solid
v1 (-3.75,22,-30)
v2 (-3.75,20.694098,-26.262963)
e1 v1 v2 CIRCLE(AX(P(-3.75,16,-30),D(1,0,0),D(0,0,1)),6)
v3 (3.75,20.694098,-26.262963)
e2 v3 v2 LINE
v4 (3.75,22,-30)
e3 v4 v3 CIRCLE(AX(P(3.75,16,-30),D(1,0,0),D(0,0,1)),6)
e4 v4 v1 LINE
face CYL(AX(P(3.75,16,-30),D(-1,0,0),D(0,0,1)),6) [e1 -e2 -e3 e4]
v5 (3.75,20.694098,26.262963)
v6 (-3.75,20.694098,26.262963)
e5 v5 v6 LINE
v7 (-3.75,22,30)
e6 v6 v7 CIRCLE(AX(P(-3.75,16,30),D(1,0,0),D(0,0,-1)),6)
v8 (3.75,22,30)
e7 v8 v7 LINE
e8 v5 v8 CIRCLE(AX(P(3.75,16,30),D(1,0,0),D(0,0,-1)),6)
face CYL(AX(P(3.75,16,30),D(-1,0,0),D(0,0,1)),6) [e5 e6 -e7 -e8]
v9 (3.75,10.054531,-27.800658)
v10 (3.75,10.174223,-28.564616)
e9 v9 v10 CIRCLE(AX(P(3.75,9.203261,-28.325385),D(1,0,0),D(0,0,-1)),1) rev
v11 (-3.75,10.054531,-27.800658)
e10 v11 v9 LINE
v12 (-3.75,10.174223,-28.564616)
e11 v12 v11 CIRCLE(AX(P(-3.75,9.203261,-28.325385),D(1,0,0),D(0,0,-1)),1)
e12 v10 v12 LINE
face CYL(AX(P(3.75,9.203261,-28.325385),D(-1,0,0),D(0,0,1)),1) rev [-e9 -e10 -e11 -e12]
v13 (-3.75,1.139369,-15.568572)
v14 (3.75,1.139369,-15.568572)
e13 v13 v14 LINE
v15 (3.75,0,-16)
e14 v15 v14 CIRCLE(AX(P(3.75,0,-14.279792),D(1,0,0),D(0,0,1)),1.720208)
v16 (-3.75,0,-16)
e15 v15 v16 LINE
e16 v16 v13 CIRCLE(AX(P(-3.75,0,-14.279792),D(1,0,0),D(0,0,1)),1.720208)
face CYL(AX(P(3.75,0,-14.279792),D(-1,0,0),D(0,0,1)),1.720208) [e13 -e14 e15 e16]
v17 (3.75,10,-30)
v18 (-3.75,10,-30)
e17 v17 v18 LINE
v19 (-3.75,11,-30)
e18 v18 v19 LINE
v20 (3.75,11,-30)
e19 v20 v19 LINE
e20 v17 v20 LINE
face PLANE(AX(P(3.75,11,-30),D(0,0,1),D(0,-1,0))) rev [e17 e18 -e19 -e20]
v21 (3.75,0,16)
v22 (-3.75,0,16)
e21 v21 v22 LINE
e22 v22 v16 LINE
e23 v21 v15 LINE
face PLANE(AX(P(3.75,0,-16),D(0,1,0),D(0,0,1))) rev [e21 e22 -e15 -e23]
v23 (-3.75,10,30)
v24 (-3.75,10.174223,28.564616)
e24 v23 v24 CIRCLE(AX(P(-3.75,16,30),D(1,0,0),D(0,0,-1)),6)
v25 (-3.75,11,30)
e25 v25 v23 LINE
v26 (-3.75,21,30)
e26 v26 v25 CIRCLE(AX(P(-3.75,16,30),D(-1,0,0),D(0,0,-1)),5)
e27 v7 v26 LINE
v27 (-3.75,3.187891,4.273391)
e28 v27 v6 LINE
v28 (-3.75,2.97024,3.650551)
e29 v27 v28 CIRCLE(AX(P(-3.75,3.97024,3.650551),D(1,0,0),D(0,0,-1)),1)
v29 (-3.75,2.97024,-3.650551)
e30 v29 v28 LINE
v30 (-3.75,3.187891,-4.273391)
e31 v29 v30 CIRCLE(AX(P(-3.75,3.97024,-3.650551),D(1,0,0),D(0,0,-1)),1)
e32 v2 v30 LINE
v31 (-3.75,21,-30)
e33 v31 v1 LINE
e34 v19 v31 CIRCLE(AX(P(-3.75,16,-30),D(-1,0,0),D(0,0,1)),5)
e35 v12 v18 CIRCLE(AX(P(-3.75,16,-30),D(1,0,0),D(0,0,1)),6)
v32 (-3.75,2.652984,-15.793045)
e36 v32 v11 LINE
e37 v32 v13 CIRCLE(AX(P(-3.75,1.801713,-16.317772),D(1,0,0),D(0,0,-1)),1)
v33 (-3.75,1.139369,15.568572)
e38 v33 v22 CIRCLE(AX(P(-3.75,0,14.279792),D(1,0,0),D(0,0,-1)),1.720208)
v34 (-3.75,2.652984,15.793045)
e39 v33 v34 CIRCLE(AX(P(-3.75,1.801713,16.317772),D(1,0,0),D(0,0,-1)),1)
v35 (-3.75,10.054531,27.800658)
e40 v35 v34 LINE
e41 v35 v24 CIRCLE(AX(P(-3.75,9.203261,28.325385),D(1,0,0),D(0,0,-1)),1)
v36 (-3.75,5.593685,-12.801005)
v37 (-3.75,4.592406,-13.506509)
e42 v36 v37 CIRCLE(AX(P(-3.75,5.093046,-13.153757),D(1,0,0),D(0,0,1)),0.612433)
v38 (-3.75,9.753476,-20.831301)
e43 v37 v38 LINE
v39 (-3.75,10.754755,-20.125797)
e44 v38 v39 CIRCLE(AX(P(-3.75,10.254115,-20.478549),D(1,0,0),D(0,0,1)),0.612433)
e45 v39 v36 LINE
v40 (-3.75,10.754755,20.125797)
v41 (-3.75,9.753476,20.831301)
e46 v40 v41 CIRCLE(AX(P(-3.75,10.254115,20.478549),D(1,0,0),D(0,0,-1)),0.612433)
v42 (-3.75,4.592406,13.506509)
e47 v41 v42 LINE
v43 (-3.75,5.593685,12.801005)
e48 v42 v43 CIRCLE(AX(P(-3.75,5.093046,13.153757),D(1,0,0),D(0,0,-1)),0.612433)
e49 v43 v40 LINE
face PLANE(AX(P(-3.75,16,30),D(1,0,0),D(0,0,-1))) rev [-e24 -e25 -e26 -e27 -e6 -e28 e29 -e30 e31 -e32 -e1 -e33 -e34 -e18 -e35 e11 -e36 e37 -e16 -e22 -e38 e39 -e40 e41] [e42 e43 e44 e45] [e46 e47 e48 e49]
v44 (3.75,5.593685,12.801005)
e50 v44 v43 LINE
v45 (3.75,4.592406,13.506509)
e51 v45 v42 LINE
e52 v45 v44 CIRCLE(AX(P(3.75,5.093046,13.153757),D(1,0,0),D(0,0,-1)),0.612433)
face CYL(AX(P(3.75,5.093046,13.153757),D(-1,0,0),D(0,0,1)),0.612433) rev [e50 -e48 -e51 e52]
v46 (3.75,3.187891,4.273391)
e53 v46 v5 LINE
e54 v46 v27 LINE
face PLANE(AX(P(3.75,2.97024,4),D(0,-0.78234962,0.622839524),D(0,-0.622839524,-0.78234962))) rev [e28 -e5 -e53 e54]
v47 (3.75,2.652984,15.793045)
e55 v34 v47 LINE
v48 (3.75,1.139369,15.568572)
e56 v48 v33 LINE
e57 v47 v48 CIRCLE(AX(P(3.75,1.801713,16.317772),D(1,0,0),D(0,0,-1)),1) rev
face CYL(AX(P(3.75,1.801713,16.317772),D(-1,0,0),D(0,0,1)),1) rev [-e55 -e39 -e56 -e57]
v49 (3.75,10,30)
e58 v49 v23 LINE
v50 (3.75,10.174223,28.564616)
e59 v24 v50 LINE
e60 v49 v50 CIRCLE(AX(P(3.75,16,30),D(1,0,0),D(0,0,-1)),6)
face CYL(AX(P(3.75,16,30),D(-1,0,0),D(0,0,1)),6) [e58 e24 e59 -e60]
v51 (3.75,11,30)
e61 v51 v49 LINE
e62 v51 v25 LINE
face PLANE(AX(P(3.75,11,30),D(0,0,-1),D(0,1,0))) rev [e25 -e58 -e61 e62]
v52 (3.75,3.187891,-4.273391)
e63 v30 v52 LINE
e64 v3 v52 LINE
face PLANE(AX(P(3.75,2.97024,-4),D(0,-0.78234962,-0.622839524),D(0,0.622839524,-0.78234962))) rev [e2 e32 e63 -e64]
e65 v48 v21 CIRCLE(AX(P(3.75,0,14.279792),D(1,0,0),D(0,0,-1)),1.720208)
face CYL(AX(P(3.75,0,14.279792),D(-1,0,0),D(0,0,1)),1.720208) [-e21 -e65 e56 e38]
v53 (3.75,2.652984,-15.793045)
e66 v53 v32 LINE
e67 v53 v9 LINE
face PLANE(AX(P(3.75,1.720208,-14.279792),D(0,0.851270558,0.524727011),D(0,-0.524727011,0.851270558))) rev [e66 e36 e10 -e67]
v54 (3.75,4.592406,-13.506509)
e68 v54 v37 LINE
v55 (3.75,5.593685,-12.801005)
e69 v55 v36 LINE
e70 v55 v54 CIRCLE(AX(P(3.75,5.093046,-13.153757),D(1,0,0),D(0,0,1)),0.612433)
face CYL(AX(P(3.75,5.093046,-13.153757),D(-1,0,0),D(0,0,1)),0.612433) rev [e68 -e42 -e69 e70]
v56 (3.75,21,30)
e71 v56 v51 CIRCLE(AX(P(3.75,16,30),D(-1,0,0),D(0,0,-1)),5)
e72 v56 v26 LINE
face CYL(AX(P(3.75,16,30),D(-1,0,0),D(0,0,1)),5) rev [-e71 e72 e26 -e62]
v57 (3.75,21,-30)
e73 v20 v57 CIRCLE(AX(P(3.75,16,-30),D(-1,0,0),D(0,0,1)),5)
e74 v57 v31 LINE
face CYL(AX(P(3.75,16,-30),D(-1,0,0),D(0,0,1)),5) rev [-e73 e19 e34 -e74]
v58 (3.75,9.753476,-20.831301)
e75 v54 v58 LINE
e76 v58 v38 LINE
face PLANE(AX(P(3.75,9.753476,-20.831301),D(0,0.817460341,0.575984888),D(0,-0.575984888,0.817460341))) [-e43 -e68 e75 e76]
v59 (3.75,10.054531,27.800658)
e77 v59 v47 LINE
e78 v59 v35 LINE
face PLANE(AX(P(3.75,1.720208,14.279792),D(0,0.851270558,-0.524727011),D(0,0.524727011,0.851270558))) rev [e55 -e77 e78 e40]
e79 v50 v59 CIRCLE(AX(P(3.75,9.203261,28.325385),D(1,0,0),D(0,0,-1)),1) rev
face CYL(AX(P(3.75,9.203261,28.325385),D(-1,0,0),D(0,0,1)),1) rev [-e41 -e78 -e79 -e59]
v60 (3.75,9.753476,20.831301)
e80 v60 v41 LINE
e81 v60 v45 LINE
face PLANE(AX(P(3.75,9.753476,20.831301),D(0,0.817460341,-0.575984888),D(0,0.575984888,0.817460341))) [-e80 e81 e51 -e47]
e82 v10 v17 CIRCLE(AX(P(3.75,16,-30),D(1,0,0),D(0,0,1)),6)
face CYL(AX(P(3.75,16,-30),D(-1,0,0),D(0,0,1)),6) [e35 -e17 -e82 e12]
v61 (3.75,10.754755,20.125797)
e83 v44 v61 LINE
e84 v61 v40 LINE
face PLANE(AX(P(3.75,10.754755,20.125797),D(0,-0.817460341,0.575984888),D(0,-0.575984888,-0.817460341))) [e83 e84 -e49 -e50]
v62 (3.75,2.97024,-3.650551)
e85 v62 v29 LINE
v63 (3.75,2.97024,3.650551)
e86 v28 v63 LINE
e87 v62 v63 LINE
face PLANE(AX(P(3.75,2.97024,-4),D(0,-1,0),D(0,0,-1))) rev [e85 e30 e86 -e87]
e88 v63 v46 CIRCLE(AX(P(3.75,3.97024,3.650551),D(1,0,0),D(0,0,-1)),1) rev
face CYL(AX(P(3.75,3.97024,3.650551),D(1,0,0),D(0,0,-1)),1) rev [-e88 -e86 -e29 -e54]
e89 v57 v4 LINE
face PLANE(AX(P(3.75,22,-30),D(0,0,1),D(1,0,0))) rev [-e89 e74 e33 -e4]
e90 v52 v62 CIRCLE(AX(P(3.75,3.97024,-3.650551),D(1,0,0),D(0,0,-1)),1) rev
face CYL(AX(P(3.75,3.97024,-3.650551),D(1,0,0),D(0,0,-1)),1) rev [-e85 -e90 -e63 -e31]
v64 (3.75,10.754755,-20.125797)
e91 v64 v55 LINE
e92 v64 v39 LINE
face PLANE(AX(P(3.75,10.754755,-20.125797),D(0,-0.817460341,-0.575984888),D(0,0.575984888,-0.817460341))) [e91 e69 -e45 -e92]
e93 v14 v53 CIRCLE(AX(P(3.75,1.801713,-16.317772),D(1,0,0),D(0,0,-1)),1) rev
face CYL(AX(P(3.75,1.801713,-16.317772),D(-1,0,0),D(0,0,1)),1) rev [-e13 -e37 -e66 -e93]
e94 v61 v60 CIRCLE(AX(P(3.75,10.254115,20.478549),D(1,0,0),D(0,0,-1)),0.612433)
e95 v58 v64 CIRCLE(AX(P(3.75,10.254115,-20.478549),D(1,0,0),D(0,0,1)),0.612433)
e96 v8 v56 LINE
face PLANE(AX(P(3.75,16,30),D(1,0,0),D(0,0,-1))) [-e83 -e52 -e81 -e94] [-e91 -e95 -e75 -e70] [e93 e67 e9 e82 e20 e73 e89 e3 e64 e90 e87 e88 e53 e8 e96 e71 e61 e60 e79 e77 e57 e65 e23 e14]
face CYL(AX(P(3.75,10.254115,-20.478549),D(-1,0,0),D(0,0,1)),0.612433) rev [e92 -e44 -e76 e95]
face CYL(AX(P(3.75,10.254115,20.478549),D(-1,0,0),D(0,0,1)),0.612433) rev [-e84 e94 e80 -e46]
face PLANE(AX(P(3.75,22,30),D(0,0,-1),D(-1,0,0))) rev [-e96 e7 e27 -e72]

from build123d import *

# Parameters (mm, degrees)
ESTRUSIONE_ESTRUSIONE1_DEPTH = 3.75
RACCORDO2_R                  = 1


with BuildPart() as part:
    # Schizzo1 → Estrusione-Estrusione1 (new body, symmetric)
    with BuildSketch(Plane(origin=(0, 0, 0), x_dir=(0, 0, -1), z_dir=(1, 0, 0))):
        with BuildLine():
            Line((-30, 22), (-30, 21))
            ThreePointArc((-30, 21), (-25, 16), (-30, 11))
            Line((-30, 11), (-30, 10))
            ThreePointArc((-30, 10), (-29.075946517, 10.07158325), (-28.173941951, 10.284624946))
            Line((-28.173941951, 10.284624946), (-14.279791844, 1.720208156))
            ThreePointArc((-14.279791844, 1.720208156), (-15.496162696, 1.216370852), (-16, 0))
            Line((-16, 0), (16, 0))
            ThreePointArc((16, 0), (15.496162696, 1.216370852), (14.279791844, 1.720208156))
            Line((14.279791844, 1.720208156), (28.173941951, 10.284624946))
            ThreePointArc((28.173941951, 10.284624946), (29.075946517, 10.07158325), (30, 10))
            Line((30, 10), (30, 11))
            ThreePointArc((30, 11), (25, 16), (30, 21))
            Line((30, 21), (30, 22))
            ThreePointArc((30, 22), (28.020680207, 21.664123335), (26.262962858, 20.694097719))
            Line((26.262962858, 20.694097719), (4, 2.970240215))
            Line((4, 2.970240215), (-4, 2.970240215))
            Line((-4, 2.970240215), (-26.262962858, 20.694097719))
            ThreePointArc((-26.262962858, 20.694097719), (-28.020680207, 21.664123335), (-30, 22))
        make_face()
        with BuildLine():
            Line((-20.125796974, 10.754754637), (-12.80100478, 5.593685162))
            ThreePointArc((-12.80100478, 5.593685162), (-12.653117343, 4.740293889), (-13.506508616, 4.592406452))
            Line((-13.506508616, 4.592406452), (-20.83130081, 9.753475926))
            ThreePointArc((-20.83130081, 9.753475926), (-20.979188247, 10.606867199), (-20.125796974, 10.754754637))
        make_face(mode=Mode.SUBTRACT)
        with BuildLine():
            Line((20.125796974, 10.754754637), (12.80100478, 5.593685162))
            ThreePointArc((12.80100478, 5.593685162), (12.653117343, 4.740293889), (13.506508616, 4.592406452))
            Line((13.506508616, 4.592406452), (20.83130081, 9.753475926))
            ThreePointArc((20.83130081, 9.753475926), (20.979188247, 10.606867199), (20.125796974, 10.754754637))
        make_face(mode=Mode.SUBTRACT)
    extrude(amount=ESTRUSIONE_ESTRUSIONE1_DEPTH, both=True)

    # Raccordo2
    raccordo2_edges = [part.edges().sort_by_distance(p)[0] for p in [
        (0, 2.970240215, 4),
        (0, 2.970240215, -4),
        (0, 10.284624946, -28.173941951),
        (0, 1.720208156, -14.279791844),
        (0, 1.720208156, 14.279791844),
        (0, 10.284624946, 28.173941951),
    ]]
    fillet(raccordo2_edges, radius=RACCORDO2_R)


solid = part.part
